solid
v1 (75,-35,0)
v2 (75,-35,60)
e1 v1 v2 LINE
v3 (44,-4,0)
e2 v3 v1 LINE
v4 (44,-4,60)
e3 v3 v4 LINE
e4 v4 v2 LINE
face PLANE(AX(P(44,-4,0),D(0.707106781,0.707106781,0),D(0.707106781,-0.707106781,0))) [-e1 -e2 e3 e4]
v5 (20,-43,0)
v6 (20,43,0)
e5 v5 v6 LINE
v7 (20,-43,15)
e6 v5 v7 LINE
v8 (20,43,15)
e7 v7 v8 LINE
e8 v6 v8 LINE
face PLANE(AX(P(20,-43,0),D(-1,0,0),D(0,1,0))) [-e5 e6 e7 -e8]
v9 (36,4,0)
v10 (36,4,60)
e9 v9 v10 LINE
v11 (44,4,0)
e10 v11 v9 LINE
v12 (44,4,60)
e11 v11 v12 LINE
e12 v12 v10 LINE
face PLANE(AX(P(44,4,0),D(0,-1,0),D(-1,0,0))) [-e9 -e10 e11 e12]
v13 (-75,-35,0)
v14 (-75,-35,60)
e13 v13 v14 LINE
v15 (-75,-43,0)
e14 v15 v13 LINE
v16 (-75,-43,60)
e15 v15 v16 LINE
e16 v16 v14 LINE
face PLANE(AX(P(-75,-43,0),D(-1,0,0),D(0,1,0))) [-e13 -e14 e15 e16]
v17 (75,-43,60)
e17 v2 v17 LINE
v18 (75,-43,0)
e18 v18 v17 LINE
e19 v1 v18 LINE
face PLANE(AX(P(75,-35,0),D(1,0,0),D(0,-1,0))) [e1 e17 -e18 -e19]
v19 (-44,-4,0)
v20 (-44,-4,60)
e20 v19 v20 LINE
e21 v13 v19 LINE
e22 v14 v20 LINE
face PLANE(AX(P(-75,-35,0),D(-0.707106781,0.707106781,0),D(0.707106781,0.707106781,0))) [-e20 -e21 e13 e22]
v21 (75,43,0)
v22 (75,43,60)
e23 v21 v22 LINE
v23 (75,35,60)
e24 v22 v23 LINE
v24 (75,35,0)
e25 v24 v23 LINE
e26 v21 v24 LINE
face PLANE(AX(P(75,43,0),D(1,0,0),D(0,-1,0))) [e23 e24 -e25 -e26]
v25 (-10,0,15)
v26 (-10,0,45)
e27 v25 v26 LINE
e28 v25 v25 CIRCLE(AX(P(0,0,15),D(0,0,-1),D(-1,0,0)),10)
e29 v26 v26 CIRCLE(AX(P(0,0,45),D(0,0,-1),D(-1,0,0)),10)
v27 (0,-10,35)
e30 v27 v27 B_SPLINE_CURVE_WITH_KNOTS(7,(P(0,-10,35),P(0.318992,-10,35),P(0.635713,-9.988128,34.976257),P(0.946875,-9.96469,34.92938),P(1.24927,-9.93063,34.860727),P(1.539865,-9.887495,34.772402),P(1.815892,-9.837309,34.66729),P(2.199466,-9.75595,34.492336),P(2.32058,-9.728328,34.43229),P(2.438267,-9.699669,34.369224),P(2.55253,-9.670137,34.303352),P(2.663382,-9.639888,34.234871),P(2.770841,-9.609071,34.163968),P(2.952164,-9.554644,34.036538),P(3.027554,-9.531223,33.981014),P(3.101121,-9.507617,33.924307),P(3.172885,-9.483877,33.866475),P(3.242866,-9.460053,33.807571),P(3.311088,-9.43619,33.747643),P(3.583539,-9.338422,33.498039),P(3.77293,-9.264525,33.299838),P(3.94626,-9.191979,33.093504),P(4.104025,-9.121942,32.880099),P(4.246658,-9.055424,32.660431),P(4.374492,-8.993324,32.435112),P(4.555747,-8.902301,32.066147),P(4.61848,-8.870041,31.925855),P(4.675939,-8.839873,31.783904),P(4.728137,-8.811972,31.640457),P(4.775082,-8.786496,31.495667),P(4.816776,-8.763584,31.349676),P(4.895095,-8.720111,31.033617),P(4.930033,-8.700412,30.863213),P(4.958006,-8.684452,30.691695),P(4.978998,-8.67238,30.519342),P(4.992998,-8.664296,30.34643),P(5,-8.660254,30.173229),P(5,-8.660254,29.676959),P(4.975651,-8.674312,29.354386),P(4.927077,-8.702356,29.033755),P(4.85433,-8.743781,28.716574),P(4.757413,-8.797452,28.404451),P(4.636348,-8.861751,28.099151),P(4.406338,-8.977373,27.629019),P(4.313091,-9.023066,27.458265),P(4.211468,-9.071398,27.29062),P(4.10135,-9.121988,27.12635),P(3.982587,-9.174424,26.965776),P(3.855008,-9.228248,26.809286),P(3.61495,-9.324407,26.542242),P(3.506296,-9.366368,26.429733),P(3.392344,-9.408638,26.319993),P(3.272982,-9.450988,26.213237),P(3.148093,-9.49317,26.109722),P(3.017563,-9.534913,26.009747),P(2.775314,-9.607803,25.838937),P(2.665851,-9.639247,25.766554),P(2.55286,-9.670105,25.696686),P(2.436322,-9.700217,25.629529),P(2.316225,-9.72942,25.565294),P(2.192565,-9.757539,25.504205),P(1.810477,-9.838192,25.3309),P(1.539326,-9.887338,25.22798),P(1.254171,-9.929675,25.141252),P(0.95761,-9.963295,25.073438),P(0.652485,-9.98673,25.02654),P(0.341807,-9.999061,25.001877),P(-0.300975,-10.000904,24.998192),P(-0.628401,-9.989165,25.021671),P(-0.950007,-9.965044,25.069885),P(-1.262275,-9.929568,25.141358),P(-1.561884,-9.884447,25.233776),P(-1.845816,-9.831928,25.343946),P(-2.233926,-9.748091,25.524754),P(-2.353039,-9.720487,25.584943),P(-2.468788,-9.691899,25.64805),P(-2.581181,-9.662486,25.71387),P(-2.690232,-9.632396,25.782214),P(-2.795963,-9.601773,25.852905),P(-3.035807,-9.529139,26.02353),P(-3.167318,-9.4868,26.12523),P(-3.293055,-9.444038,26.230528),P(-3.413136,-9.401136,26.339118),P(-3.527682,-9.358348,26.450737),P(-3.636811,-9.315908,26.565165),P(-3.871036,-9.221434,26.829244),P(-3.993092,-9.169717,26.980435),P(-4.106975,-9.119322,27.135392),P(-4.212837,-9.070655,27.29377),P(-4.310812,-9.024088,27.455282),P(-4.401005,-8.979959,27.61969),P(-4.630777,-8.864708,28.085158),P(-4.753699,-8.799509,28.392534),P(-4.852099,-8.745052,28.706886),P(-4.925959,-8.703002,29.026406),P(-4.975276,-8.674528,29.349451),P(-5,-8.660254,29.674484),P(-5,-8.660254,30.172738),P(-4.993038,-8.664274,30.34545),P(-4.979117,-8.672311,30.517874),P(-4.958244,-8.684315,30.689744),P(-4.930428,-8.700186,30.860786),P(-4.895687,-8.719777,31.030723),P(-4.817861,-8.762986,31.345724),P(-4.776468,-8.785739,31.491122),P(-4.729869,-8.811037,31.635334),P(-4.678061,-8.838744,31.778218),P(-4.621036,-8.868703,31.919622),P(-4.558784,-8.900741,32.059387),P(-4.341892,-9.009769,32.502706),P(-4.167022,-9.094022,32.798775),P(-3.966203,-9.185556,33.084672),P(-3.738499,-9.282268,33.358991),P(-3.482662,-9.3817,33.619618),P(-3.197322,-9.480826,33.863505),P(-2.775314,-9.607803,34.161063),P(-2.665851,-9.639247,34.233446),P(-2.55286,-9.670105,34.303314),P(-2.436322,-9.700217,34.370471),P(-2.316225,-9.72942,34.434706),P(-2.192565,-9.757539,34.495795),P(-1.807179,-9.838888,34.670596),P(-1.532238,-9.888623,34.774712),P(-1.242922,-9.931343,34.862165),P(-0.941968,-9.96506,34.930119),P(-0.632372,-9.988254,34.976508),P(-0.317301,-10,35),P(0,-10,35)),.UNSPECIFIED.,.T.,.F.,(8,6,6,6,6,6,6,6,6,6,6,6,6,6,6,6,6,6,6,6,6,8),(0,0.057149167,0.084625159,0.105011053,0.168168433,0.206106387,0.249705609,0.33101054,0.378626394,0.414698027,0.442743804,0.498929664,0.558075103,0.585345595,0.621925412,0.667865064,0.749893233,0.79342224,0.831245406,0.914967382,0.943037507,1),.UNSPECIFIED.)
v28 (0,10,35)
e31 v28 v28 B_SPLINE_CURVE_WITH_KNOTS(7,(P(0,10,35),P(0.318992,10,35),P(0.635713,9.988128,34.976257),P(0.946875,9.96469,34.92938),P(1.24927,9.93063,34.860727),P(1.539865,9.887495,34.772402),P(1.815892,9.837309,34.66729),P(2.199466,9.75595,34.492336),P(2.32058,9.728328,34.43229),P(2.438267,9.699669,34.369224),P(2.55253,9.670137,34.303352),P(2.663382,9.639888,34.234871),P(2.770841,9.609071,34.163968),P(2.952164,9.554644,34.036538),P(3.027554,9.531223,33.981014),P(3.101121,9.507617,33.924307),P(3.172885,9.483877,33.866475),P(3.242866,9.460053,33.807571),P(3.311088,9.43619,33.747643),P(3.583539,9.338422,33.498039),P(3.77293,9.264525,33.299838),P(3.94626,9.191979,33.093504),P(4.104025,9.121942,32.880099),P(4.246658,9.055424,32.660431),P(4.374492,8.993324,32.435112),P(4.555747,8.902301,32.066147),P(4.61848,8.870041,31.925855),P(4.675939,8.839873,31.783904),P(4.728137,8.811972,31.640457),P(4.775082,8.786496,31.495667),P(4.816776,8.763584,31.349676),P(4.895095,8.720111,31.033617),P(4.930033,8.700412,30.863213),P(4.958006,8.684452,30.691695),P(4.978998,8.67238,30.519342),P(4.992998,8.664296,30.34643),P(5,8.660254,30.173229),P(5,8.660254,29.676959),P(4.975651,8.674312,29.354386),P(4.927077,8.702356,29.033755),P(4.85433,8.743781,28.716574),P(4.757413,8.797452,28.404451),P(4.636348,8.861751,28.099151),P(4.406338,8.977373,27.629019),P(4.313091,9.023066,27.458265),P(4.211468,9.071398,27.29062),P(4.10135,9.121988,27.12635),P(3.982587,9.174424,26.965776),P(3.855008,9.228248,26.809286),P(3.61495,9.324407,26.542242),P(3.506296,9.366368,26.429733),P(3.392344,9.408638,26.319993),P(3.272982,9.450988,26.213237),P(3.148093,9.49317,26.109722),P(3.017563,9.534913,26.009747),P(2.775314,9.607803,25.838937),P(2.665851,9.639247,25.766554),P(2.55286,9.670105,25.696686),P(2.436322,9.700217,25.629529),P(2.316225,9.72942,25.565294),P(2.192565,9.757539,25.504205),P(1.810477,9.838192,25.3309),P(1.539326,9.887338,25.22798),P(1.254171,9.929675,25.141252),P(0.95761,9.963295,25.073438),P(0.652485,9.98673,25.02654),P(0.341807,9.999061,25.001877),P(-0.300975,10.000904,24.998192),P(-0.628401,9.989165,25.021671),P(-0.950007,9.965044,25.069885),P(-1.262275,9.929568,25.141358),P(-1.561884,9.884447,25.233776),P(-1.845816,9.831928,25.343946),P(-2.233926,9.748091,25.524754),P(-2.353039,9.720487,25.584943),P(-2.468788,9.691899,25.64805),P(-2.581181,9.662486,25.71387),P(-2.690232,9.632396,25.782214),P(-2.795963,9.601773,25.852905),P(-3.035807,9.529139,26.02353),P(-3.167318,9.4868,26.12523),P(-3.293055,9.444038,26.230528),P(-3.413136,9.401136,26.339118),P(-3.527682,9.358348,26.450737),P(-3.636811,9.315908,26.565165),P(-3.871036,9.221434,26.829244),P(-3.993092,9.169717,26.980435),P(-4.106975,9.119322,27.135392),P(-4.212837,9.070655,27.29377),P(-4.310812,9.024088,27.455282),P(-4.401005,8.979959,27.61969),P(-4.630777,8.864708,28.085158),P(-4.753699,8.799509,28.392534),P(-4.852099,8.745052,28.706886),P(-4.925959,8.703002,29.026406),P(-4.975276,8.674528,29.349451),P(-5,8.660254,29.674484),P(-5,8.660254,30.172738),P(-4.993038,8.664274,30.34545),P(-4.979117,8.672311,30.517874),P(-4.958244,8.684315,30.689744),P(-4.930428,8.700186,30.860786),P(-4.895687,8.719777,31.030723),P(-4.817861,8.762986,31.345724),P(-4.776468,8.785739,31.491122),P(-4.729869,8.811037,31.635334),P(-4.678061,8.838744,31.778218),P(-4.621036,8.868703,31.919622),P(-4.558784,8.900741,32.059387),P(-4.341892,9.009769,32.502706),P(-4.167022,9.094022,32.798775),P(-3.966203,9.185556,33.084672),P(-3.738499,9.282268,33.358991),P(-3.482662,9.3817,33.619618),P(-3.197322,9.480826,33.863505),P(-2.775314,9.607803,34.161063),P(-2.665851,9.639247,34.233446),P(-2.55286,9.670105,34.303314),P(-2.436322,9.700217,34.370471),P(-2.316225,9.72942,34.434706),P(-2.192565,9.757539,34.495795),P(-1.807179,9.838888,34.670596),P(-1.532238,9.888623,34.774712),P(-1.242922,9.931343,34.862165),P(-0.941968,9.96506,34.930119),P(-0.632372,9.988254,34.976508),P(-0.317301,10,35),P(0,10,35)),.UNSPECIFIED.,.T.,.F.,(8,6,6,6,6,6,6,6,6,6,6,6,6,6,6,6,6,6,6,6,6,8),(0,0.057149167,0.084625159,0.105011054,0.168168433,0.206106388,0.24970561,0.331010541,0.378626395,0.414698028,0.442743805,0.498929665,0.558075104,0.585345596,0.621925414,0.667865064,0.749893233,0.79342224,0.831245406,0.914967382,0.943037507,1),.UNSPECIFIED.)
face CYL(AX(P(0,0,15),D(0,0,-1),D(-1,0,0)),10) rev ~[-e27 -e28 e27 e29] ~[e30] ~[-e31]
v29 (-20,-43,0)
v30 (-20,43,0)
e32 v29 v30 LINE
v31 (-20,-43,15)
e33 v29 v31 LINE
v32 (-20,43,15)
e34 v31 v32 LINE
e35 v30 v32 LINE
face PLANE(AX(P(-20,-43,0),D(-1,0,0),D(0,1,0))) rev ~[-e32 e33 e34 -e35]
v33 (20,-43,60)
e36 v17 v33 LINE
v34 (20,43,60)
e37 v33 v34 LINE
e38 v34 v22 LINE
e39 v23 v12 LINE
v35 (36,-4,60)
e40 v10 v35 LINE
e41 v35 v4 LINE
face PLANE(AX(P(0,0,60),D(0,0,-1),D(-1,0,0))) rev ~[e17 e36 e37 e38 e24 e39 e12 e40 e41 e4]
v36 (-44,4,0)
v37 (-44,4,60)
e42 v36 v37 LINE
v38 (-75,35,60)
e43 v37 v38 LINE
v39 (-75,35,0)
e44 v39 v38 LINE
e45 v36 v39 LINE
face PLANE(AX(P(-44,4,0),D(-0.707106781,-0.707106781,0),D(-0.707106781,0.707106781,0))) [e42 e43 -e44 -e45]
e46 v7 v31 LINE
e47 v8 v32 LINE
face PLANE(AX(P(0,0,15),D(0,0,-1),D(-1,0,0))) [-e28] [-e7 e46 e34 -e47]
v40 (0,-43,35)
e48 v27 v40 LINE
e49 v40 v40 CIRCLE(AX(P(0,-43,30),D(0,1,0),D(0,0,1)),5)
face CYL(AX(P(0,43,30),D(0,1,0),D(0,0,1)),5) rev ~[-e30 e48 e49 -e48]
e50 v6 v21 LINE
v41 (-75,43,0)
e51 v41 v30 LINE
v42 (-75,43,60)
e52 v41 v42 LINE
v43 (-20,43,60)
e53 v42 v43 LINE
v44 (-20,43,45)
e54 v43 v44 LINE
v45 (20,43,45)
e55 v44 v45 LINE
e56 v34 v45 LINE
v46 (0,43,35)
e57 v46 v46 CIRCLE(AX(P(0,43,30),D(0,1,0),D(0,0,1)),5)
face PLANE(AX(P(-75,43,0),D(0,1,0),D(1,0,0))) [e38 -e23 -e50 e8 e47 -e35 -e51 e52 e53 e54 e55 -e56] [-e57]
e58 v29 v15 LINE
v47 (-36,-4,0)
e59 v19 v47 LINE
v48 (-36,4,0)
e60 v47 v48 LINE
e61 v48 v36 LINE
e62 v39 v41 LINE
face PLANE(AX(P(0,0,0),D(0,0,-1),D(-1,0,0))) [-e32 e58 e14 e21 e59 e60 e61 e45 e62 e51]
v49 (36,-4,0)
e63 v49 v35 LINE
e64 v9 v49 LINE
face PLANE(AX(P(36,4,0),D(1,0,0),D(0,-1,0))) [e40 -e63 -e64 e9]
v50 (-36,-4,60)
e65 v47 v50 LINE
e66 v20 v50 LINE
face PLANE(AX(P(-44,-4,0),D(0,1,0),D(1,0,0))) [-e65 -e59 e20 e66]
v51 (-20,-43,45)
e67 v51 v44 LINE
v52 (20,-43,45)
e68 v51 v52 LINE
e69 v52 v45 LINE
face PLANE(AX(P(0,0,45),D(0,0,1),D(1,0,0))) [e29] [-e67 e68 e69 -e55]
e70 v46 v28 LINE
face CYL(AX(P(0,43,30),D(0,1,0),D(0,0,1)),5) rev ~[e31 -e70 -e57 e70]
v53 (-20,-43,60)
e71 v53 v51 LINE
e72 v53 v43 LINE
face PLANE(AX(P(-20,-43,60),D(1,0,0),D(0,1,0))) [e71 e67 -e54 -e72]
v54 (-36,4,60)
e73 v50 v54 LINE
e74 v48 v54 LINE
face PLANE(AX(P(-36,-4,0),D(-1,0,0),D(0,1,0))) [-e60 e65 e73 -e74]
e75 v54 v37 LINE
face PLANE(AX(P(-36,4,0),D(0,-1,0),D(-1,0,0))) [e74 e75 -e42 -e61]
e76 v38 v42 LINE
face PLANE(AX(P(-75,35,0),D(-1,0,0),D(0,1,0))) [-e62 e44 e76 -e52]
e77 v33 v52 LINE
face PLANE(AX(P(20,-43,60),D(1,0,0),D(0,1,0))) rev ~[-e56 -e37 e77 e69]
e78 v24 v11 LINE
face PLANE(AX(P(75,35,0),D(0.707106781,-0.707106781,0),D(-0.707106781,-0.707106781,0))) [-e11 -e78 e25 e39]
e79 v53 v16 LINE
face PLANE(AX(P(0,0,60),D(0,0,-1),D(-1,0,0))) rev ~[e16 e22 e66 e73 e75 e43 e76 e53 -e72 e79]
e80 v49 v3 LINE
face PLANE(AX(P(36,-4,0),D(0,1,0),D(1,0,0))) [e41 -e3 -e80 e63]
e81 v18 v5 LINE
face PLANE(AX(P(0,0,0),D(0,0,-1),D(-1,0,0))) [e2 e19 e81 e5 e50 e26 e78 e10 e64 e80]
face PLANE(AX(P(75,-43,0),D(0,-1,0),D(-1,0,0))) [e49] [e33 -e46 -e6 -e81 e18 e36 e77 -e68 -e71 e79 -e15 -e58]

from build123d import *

# Parameters (mm, degrees)
BOSS_EXTRU_1_DEPTH      = 60
ESQUISSE2_W             = 40
ESQUISSE2_H             = 86
ENL_V_MAT_EXTRU_1_DEPTH = 15
ESQUISSE3_W             = 40
ESQUISSE3_H             = 86
ENL_V_MAT_EXTRU_2_DEPTH = 15
ESQUISSE4_R             = 10
ENL_V_MAT_EXTRU_3_DEPTH = 98.462813421
ESQUISSE5_R             = 5
ENL_V_MAT_EXTRU_4_DEPTH = 129.922457314


with BuildPart() as part:
    # Esquisse1 → Boss.-Extru.1 (new body)
    with BuildSketch(Plane.XY):
        Polygon((-75, 43), (75, 43), (75, 35), (44, 4), (36, 4), (36, -4), (44, -4), (75, -35), (75, -43), (-75, -43), (-75, -35), (-44, -4), (-36, -4), (-36, 4), (-44, 4), (-75, 35), align=None)
    extrude(amount=BOSS_EXTRU_1_DEPTH)

    # Esquisse2 → Enlèv. mat.-Extru.1 (cut)
    with BuildSketch(Plane.XY.offset(60)):
        Rectangle(ESQUISSE2_W, ESQUISSE2_H)
    extrude(amount=-ENL_V_MAT_EXTRU_1_DEPTH, mode=Mode.SUBTRACT)

    # Esquisse3 → Enlèv. mat.-Extru.2 (cut)
    with BuildSketch(Plane(origin=(0, 0, 0), x_dir=(-1, 0, 0), z_dir=(0, 0, -1))):
        Rectangle(ESQUISSE3_W, ESQUISSE3_H)
    extrude(amount=-ENL_V_MAT_EXTRU_2_DEPTH, mode=Mode.SUBTRACT)

    # Esquisse4 → Enlèv. mat.-Extru.3 (cut, through all)
    with BuildSketch(Plane(origin=(0, 0, 15), x_dir=(-1, 0, 0), z_dir=(0, 0, -1))):
        Circle(ESQUISSE4_R)
    extrude(amount=-ENL_V_MAT_EXTRU_3_DEPTH, mode=Mode.SUBTRACT)

    # Esquisse5 → Enlèv. mat.-Extru.4 (cut, through all)
    with BuildSketch(Plane(origin=(0, 43, 0), x_dir=(1, 0, 0), z_dir=(0, 1, 0))):
        with Locations(Location((0, -30, 0), (0, 0, 270))):
            Circle(ESQUISSE5_R)
    extrude(amount=-ENL_V_MAT_EXTRU_4_DEPTH, mode=Mode.SUBTRACT)


solid = part.part
